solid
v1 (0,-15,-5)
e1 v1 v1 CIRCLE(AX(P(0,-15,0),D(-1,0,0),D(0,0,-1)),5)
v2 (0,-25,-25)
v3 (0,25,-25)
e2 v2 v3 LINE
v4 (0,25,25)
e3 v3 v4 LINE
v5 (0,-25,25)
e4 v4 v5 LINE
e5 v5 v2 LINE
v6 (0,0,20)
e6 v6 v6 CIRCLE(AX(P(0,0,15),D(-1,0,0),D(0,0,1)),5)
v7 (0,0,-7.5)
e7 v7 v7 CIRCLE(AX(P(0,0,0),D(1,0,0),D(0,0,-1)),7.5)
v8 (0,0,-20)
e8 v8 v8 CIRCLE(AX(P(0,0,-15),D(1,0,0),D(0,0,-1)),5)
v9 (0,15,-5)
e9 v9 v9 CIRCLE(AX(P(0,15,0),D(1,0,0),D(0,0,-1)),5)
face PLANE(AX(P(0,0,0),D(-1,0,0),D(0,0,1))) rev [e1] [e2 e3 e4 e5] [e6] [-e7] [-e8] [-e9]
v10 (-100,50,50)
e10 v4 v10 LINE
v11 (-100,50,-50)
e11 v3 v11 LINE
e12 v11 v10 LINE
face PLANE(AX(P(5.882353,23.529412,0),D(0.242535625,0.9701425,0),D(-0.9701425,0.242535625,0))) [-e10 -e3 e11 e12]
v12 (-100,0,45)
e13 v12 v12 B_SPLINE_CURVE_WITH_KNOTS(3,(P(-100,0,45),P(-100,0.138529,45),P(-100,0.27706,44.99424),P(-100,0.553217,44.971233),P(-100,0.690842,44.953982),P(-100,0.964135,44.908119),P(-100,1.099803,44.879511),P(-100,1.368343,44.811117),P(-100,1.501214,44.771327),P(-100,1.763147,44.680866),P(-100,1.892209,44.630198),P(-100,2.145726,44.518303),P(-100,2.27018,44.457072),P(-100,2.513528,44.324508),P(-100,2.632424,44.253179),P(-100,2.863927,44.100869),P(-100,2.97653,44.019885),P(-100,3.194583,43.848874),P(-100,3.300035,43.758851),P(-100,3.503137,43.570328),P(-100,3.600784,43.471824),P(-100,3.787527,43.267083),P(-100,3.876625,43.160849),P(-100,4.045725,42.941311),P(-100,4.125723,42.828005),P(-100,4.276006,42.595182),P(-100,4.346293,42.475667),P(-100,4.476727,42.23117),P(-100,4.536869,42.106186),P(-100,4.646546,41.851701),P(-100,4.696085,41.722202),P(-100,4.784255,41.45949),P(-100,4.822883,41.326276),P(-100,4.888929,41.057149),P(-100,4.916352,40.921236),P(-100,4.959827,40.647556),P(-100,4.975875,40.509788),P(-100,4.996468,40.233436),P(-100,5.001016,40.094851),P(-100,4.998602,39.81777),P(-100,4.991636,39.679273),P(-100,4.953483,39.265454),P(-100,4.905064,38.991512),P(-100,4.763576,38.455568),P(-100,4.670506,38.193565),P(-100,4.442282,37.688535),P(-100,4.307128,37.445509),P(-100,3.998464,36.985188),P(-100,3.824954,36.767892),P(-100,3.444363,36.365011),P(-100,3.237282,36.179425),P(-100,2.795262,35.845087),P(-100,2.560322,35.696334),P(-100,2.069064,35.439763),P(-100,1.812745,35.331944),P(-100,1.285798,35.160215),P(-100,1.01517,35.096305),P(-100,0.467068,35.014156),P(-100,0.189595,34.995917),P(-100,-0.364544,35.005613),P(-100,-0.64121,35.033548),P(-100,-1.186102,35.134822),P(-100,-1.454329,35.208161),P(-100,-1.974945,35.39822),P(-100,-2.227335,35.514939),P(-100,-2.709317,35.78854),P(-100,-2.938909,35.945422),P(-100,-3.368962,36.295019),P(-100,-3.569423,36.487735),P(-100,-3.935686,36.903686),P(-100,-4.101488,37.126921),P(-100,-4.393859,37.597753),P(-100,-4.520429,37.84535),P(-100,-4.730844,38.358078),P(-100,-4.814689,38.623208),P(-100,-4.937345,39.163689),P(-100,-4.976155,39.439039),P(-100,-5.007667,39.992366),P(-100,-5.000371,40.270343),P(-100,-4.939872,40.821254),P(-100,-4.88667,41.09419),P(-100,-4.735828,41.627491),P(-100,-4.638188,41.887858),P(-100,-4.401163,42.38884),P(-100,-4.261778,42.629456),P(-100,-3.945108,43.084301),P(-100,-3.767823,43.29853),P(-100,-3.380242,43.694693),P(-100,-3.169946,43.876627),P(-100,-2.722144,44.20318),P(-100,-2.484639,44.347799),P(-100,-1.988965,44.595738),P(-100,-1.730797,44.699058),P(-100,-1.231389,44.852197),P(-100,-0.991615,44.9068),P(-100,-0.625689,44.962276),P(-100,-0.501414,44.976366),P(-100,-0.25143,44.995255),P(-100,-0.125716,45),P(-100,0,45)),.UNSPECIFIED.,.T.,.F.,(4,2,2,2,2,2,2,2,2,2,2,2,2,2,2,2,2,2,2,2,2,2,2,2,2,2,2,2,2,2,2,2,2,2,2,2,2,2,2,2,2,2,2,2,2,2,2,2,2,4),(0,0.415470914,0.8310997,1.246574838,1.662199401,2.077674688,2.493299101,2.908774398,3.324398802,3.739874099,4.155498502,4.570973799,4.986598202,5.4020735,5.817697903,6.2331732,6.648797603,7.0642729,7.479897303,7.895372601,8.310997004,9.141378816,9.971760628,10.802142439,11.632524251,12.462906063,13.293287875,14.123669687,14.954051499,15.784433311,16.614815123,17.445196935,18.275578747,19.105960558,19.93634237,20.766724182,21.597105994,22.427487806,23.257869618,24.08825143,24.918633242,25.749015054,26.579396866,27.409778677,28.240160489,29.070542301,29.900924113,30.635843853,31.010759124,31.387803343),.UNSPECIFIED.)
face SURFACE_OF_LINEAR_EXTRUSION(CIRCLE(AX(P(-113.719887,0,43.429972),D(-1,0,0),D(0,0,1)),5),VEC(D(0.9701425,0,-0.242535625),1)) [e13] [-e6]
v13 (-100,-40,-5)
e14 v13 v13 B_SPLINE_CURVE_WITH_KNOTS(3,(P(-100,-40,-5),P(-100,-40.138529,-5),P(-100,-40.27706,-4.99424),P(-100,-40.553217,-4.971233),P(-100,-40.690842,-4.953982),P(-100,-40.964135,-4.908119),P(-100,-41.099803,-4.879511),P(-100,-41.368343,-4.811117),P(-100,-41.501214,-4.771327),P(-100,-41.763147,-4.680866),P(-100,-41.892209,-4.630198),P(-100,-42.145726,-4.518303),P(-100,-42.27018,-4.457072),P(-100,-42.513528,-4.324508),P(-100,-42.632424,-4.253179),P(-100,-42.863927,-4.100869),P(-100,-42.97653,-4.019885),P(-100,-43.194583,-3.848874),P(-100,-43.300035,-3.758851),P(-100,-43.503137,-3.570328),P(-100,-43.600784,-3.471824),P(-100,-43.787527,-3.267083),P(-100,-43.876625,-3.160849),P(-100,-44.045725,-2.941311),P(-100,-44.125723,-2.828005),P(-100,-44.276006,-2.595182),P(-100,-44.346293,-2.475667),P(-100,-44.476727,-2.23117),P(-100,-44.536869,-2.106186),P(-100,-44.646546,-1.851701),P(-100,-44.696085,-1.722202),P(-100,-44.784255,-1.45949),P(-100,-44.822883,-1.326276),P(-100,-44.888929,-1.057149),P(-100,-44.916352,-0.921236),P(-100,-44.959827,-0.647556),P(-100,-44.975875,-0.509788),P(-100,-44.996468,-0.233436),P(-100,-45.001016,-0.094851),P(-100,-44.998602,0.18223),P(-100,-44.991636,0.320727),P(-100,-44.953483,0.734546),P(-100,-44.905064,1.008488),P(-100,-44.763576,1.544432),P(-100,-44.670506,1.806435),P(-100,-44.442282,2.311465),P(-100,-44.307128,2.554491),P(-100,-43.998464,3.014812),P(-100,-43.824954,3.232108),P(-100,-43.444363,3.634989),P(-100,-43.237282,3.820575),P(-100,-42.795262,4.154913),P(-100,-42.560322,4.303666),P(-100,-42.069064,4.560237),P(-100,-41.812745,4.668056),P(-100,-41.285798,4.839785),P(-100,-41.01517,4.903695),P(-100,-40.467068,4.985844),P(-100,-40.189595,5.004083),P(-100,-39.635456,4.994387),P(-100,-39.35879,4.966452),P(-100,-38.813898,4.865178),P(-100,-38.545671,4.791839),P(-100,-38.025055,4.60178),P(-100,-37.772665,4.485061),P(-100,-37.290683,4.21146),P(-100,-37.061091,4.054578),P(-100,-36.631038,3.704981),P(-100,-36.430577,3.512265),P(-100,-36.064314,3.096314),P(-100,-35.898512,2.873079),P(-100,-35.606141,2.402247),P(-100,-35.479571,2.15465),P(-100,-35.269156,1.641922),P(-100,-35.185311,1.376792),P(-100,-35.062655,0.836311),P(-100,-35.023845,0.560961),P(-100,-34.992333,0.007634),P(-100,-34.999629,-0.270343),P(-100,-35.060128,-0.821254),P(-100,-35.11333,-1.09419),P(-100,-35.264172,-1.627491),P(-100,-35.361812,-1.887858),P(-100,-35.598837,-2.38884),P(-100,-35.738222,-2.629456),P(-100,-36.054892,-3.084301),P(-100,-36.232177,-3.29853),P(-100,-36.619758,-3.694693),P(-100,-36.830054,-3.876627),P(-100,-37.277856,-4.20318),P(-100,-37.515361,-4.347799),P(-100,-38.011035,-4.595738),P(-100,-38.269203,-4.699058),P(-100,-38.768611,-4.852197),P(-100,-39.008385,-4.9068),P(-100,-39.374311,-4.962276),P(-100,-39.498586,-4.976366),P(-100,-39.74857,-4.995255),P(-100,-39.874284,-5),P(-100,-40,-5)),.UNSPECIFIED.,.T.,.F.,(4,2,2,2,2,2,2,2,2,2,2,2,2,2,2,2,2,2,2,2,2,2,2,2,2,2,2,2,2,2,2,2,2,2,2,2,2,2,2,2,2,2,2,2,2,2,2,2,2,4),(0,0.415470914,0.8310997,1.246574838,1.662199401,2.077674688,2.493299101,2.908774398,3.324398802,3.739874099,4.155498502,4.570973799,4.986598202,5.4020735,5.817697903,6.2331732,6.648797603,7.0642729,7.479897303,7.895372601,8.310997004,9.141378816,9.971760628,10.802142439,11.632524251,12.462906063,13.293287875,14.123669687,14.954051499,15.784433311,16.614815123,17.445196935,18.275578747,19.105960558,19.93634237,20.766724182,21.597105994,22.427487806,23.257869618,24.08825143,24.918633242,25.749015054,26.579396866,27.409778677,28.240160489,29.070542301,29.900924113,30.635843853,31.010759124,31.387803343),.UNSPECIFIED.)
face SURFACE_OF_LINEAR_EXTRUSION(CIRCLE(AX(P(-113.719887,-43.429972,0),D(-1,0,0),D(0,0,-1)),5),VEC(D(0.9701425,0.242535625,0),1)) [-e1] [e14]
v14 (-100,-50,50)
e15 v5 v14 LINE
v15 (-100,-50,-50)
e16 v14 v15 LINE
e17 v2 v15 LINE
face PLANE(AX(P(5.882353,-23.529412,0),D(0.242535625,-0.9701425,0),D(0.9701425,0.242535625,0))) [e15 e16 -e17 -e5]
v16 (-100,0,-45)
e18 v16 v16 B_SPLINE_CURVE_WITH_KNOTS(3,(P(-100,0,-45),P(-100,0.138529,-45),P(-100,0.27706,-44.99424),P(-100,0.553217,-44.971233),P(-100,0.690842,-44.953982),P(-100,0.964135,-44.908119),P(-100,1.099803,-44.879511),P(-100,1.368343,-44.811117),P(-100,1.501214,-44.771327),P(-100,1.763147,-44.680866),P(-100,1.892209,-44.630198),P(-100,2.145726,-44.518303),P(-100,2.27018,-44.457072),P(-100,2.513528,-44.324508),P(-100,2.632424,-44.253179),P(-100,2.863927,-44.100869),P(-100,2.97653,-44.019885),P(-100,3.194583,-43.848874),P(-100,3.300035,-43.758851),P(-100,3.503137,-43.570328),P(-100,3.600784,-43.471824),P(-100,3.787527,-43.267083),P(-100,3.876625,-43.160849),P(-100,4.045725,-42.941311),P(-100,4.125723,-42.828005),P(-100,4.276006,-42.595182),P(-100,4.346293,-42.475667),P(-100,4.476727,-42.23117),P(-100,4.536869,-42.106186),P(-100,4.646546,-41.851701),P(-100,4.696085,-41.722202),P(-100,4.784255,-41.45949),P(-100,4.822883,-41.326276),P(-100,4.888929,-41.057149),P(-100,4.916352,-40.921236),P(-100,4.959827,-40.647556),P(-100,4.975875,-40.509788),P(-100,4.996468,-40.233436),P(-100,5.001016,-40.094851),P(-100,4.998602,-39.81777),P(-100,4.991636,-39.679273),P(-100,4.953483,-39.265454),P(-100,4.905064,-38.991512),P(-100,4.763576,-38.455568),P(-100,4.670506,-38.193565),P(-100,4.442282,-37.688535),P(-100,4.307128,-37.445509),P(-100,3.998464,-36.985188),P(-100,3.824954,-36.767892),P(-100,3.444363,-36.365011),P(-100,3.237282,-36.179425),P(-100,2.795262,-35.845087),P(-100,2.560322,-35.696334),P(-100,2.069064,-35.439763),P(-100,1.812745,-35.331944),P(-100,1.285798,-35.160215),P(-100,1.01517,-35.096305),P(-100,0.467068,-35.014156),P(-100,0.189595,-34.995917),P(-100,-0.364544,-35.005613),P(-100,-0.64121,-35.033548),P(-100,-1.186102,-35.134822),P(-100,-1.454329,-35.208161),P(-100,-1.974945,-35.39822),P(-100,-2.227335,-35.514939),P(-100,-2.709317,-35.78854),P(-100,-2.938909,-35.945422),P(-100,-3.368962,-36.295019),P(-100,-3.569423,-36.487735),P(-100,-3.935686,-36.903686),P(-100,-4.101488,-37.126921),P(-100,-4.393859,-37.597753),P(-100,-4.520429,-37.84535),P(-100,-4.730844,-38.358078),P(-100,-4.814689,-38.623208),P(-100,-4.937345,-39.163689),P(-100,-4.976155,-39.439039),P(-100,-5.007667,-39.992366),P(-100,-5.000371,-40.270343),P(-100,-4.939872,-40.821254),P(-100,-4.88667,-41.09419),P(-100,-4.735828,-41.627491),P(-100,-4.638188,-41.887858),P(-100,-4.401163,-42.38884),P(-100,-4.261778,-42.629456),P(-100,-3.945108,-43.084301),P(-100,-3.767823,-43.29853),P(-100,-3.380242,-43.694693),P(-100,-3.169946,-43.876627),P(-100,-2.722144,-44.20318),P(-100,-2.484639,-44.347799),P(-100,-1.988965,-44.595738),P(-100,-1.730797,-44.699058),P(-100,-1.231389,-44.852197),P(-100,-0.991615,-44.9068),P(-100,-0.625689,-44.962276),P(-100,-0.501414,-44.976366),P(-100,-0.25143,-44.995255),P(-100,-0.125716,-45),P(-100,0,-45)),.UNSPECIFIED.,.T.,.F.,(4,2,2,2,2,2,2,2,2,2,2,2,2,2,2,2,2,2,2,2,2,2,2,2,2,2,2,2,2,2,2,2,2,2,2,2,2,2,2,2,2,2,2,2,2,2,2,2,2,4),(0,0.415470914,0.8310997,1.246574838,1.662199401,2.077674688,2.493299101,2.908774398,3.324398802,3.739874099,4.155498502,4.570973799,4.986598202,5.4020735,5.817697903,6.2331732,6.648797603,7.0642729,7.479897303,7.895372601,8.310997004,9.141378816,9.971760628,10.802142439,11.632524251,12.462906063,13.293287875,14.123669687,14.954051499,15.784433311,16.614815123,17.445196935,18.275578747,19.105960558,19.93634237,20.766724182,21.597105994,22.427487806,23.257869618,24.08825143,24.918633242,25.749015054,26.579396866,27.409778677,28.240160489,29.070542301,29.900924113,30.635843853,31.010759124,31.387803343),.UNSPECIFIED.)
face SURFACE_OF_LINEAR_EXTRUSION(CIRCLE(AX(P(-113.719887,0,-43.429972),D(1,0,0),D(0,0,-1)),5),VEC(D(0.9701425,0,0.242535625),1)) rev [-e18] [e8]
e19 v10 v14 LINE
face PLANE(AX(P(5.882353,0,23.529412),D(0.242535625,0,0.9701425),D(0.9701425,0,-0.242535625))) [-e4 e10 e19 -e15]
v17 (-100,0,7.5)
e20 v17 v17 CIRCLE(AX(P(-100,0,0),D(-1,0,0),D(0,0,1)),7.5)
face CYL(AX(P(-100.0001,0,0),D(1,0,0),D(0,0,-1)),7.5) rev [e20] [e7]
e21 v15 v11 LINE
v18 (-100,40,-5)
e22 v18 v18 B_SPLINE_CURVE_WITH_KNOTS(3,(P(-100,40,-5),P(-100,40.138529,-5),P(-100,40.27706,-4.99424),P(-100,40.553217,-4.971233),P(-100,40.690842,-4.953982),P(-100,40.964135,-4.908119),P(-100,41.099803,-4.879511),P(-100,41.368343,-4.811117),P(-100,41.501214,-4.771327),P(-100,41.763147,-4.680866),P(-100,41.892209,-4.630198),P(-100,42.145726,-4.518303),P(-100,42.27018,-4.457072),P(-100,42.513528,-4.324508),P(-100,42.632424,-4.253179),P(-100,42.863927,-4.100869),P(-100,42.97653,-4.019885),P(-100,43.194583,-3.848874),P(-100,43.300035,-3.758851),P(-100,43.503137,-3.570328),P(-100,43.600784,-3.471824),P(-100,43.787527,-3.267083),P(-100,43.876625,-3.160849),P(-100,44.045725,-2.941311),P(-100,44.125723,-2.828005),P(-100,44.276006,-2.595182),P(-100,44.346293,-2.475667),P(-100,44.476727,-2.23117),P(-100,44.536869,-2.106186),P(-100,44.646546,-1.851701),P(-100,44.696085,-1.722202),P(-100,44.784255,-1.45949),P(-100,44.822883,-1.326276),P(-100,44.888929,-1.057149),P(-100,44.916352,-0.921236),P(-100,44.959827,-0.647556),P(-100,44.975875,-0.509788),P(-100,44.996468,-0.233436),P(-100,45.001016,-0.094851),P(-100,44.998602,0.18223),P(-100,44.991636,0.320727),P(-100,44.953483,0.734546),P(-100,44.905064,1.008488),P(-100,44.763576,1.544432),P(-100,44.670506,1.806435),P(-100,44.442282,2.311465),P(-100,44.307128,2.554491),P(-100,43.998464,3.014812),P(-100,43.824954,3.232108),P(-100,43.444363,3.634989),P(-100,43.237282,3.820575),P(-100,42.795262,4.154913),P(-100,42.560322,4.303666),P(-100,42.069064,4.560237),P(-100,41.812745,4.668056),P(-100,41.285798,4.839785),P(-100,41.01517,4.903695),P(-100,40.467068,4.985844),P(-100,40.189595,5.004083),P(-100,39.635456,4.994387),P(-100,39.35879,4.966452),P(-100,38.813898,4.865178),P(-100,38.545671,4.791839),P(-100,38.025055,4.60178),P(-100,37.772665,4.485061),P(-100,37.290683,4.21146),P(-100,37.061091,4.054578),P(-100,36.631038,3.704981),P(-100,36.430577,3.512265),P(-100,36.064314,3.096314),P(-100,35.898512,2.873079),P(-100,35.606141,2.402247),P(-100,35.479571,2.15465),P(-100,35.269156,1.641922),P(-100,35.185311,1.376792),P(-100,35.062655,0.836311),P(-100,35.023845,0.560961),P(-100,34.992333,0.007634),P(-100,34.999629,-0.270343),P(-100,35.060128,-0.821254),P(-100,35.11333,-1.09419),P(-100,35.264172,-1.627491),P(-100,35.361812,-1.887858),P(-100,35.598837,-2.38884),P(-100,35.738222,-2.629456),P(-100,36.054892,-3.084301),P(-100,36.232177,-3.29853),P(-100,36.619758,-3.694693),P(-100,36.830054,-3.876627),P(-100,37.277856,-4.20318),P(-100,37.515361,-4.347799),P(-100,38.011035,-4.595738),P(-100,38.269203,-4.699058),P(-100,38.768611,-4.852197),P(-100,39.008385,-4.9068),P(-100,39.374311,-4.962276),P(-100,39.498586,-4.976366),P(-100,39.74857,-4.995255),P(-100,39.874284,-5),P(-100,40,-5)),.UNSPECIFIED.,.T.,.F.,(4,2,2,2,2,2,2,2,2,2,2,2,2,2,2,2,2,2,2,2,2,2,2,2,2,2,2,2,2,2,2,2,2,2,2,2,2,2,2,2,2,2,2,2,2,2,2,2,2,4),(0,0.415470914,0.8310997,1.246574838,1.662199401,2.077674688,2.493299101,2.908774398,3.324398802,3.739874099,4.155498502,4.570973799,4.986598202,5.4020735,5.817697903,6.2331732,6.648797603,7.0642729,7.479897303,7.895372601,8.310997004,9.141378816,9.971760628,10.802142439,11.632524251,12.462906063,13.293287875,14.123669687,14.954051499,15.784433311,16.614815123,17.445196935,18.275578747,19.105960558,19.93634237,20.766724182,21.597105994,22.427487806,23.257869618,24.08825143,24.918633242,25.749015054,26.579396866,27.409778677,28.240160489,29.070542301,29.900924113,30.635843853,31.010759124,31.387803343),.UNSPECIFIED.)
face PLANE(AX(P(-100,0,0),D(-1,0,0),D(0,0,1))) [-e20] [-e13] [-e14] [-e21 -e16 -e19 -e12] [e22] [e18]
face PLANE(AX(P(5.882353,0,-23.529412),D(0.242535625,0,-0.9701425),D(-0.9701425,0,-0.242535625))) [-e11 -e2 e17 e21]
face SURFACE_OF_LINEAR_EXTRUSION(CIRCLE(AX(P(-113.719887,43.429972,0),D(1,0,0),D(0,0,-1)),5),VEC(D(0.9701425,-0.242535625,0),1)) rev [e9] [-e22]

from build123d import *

# Parameters (mm, degrees)
SKETCH1_W          = 50
SKETCH1_H          = 50
SKETCH2_W          = 100
SKETCH2_H          = 100
SKETCH3_R          = 5
SKETCH6_R          = 5
SKETCH7_R          = 7.5
CUT_EXTRUDE1_DEPTH = 101.0000001


with BuildPart() as part:
    # Sketch1 → Loft1 section 0
    with BuildSketch(Plane(origin=(0, 0, 0), x_dir=(0, 0, -1), z_dir=(1, 0, 0))):
        Rectangle(SKETCH1_W, SKETCH1_H)
    # Sketch2 → Loft1 section 1
    with BuildSketch(Plane(origin=(-100, 0, 0), x_dir=(0, 0, -1), z_dir=(1, 0, 0))):
        Rectangle(SKETCH2_W, SKETCH2_H)
    loft()

    # Cut-Sweep2: sweep along a path in Sketch4
    with BuildLine(Plane(origin=(0, 0, 0), x_dir=(1, 0, 0), z_dir=(0, 1, 0))) as cut_sweep2_path:
        Line((0, 15), (-100, 40))
    # Sketch3 → Cut-Sweep2 (sweep, cut)
    with BuildSketch(Plane(origin=(0, 0, 0), x_dir=(0, 0, -1), z_dir=(1, 0, 0))):
        with Locations((15, 0)):
            Circle(SKETCH3_R)
    cut_sweep2 = sweep(path=cut_sweep2_path.line, mode=Mode.SUBTRACT)

    # Cut-Sweep3: sweep along a path in Sketch5
    with BuildLine(Plane.XY) as cut_sweep3_path:
        Line((0, 15), (-100, 40))
    # Sketch6 → Cut-Sweep3 (sweep, cut)
    with BuildSketch(Plane(origin=(0, 0, 0), x_dir=(0, 0, -1), z_dir=(1, 0, 0))):
        with Locations((0, 15)):
            Circle(SKETCH6_R)
    cut_sweep3 = sweep(path=cut_sweep3_path.line, mode=Mode.SUBTRACT)

    # Mirror1: Cut-Sweep2 across plane
    add(cut_sweep2.mirror(Plane.XY), mode=Mode.SUBTRACT)

    # Mirror2: Cut-Sweep3 across plane
    add(cut_sweep3.mirror(Plane.ZX), mode=Mode.SUBTRACT)

    # Sketch7 → Cut-Extrude1 (cut, through all)
    with BuildSketch(Plane(origin=(0, 0, 0), x_dir=(0, 0, -1), z_dir=(1, 0, 0))):
        Circle(SKETCH7_R)
    extrude(amount=-CUT_EXTRUDE1_DEPTH, mode=Mode.SUBTRACT)


solid = part.part
